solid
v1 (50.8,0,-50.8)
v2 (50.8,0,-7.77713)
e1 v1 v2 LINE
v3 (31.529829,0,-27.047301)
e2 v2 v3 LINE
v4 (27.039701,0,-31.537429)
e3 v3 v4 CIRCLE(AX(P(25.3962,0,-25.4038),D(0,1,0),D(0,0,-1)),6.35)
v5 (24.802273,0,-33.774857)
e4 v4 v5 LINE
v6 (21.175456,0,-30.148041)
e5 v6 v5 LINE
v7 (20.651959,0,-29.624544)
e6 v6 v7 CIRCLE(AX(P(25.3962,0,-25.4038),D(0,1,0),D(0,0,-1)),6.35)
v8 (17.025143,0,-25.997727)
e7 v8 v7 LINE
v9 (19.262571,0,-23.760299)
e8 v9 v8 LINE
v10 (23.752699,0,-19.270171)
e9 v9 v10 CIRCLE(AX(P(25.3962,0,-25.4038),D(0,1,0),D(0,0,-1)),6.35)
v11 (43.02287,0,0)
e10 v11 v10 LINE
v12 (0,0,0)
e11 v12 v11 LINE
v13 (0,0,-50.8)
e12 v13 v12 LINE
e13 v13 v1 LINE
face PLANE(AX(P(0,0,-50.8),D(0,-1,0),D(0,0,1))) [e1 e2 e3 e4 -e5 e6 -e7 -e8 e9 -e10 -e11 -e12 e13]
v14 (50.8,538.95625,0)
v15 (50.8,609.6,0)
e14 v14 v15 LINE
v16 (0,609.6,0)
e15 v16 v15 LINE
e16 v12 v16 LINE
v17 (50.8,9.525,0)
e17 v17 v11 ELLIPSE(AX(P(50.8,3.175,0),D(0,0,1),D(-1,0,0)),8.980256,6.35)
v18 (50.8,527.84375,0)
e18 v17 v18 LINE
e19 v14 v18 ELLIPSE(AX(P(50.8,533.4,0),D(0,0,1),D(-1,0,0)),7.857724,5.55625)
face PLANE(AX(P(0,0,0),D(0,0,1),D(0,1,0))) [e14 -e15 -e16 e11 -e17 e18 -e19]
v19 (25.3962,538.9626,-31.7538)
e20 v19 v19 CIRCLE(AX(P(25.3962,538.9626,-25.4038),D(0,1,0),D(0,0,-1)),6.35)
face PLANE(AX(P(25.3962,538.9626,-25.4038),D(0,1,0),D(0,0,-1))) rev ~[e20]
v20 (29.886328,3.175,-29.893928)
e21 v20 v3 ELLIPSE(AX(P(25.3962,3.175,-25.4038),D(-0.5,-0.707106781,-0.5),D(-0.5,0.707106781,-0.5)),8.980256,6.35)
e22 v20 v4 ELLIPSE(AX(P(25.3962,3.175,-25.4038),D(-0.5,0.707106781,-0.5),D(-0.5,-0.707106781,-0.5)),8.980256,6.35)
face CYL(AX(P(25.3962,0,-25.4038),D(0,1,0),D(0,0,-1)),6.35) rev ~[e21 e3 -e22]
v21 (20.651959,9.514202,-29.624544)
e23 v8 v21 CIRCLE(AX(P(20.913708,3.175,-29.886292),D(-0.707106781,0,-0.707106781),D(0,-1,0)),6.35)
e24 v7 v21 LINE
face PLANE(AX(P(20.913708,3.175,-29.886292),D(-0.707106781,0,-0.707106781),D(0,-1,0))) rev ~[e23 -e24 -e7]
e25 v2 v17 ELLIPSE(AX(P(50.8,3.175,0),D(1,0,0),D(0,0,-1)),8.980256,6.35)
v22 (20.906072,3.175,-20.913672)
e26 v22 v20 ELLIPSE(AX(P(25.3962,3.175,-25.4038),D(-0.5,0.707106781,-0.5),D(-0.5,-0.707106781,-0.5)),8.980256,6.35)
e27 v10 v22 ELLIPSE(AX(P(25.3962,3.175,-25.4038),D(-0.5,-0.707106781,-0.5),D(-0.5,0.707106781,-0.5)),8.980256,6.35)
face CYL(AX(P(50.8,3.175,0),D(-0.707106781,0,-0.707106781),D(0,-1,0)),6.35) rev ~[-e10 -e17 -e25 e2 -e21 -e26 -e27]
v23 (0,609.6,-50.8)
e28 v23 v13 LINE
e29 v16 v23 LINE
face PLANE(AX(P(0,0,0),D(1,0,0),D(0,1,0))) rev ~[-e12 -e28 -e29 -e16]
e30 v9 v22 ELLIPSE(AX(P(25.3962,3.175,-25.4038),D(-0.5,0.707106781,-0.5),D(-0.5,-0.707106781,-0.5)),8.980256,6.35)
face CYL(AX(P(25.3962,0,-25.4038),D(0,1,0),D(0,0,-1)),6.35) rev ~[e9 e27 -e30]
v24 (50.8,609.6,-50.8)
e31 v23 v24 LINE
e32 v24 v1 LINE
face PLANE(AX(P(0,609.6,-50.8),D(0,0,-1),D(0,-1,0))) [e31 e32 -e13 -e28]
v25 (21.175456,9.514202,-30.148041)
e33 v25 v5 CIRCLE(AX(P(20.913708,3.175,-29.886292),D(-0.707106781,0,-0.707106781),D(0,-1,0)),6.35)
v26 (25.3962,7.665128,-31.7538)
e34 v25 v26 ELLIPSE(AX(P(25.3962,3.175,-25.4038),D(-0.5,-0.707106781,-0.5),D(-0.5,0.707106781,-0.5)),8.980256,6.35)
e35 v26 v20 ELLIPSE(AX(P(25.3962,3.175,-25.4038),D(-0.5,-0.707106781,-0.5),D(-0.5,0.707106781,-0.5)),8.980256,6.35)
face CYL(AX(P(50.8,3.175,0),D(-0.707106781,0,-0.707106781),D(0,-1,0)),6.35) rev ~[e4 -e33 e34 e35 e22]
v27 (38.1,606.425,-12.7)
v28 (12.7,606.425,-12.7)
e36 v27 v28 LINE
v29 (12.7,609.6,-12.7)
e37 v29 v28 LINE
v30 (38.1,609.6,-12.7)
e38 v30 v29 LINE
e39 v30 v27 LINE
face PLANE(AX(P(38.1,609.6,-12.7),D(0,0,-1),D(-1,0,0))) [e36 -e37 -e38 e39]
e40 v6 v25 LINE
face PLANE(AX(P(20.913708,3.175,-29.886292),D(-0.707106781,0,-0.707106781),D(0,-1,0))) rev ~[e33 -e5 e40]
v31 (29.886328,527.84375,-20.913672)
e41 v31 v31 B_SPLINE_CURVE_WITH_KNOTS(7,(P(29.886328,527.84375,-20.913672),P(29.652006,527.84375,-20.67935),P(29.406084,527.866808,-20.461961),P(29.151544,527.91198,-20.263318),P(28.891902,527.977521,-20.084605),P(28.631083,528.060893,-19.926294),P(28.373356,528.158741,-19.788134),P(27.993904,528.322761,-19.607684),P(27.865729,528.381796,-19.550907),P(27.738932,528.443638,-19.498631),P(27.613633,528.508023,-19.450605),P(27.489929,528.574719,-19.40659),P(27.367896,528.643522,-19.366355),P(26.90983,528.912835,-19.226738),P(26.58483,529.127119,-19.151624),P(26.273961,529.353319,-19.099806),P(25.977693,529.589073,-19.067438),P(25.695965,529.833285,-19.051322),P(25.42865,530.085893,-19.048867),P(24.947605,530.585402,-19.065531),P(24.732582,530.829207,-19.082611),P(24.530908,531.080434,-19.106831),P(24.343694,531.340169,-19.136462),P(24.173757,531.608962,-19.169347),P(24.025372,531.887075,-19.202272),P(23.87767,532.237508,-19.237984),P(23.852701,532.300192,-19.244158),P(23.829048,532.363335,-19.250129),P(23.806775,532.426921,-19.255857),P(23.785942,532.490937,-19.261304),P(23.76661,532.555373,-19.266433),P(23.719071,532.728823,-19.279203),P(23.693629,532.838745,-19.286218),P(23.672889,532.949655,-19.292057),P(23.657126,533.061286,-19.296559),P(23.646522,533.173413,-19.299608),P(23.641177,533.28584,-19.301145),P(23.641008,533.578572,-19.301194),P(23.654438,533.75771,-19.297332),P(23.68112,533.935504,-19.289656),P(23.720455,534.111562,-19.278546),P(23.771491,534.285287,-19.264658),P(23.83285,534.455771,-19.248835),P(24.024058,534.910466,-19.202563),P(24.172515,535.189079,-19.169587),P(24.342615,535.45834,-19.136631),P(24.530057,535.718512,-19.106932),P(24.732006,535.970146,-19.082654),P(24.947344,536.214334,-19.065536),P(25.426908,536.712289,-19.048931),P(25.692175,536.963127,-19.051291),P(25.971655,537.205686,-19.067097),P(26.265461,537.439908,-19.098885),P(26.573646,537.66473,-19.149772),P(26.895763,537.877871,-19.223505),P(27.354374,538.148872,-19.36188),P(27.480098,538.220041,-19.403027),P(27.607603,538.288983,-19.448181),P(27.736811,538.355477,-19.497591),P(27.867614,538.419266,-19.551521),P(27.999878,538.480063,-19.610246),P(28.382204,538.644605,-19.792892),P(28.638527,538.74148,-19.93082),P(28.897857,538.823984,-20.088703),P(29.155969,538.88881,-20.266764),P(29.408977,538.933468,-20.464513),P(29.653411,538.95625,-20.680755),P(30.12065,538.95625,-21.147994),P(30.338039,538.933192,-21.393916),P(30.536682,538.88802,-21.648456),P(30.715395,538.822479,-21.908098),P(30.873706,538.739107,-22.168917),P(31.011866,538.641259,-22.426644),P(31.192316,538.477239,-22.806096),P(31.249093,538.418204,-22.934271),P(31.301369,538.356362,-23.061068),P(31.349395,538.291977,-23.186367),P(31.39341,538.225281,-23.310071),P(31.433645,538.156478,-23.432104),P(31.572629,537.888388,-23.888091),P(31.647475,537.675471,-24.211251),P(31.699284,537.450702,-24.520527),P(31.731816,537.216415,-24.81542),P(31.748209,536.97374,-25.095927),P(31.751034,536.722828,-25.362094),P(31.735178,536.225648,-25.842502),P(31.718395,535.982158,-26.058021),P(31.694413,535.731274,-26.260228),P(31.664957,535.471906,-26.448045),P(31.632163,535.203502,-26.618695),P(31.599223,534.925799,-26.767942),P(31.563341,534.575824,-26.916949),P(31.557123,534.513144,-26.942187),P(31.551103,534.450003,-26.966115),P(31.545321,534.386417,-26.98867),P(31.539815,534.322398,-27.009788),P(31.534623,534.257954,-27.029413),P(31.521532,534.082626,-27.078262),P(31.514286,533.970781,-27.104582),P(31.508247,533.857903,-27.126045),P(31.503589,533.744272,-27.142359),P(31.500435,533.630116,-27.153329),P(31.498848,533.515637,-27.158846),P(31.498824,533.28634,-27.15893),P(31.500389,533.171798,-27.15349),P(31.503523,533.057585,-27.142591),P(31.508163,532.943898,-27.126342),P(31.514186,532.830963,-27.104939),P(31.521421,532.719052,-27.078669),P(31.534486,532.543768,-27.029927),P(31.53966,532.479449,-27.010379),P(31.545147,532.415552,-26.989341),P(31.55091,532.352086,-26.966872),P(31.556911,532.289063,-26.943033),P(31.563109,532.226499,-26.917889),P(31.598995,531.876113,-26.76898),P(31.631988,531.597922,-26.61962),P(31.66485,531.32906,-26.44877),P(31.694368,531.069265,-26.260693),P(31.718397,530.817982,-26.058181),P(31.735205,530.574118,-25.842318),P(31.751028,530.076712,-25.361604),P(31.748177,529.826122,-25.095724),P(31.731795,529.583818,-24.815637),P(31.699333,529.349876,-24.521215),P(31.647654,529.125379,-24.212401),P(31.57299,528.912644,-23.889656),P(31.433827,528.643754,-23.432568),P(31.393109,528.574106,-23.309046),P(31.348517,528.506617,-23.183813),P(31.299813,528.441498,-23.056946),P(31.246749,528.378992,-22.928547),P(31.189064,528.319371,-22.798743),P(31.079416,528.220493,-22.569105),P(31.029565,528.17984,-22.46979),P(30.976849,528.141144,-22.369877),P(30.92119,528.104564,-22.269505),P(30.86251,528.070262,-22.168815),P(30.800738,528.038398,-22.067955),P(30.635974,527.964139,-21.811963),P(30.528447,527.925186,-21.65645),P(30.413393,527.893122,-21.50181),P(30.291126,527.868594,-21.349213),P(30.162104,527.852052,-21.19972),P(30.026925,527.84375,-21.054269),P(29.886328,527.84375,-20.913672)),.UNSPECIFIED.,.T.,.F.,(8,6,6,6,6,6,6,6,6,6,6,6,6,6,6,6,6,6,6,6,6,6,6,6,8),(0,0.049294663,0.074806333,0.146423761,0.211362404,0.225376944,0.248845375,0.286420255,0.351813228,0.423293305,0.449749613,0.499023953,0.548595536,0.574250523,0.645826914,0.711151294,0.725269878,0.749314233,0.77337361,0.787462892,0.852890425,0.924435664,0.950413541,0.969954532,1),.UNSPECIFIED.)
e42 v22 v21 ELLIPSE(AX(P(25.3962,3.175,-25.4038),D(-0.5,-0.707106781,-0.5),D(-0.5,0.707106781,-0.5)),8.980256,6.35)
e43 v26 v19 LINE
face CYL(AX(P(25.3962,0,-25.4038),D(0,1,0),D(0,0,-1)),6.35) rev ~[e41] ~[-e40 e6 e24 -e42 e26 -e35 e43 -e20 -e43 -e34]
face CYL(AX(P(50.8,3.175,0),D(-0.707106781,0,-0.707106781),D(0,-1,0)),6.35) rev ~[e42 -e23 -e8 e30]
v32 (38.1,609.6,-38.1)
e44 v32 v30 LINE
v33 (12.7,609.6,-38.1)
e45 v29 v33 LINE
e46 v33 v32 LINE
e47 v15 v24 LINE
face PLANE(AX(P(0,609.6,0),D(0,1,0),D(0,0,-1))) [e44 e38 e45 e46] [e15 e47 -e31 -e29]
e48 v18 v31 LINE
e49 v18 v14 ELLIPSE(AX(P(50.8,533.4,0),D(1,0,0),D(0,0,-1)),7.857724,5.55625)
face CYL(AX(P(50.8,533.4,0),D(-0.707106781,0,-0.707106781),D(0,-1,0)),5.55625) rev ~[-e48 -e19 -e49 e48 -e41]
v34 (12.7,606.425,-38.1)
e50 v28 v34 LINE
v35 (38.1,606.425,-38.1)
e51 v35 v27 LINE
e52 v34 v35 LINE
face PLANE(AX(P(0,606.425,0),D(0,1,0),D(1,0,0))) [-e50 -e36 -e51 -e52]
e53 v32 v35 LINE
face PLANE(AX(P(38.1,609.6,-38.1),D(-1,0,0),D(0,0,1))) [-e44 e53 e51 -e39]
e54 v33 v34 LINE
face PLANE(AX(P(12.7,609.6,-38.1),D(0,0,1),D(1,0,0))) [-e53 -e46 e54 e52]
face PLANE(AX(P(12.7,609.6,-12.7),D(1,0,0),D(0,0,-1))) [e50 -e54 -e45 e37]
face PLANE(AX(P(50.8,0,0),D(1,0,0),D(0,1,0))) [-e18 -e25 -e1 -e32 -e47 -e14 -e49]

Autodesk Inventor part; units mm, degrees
ref_plane "YZ Plane" through (0, 0, 0) normal (1, 0, 0) x (0, 1, 0)
ref_plane "XZ Plane" through (0, 0, 0) normal (0, 1, 0) x (-1, 0, 0)
sketch "Sketch1" plane through (0, 0, 0) normal (1, 0, 0) x (0, 1, 0)
  line L0 (0, 0) -> (609.6, 0)
  line L1 (609.6, 0) -> (609.6, -50.8)
  line L2 (609.6, -50.8) -> (0, -50.8)
  line L3 (0, -50.8) -> (0, 0)
  dimension "d0" = 609.6
  dimension "d1" = 50.8
extrude "Extrusion1" add sketch "Sketch1" along normal blind 50.8
ref_plane "Work Plane2" through (50.8, 0, 0) normal (0.7071, 0, 0.7071) x (0, -1, 0)
sketch "Sketch4" plane through (50.8, 0, 0) normal (0.7071, 0, 0.7071) x (0, -1, 0)
  line L0 (-609.6, 0) -> (-533.4, 0)
  line L1 (0, 0) -> (-3.175, 0)
  point P0 (0, -35.921)
  dimension "d8" = 76.2
  dimension "d16" = 3.175
hole "Hole1" at (50.8, 533.4, 0) direction (-0.7071, 0, -0.7071) diameter 11.1125 depth 35.9156
sketch "Sketch6" plane through (50.8, 0, 0) normal (0.7071, 0, 0.7071) x (0, -1, 0)
  line L0 (0, -35.921) -> (0, 0) projected
  line L1 (0, 0) -> (-3.175, 0)
  line L2 (-609.6, 0) -> (0, 0) projected
  dimension "d17" = 3.175
hole "Hole2" at (50.8, 3.175, 0) direction (-0.7071, 0, -0.7071) diameter 12.7 depth 42.2656
sketch "Sketch10" plane through (0, 0, -50.8) normal (0, -1, 0) x (1, 0, 0)
  line L0 (0, 0) -> (25.3962, 25.3962)
  line L1 (0, 0) -> (50.8, 0) projected
  point P0 (0, 50.8)
  point P1 (50.8, 50.8)
  dimension "d34" = 35.9156
  dimension "d35" = 45
hole "Hole4" at (25.3962, 0, -25.4038) direction (0, 1, 0) diameter 12.7 depth 538.9626
sketch "Sketch11" plane through (0, 609.6, 0) normal (0, 1, 0) x (1, 0, 0)
  line L0 (12.7, 38.1) -> (38.1, 38.1)
  line L1 (38.1, 38.1) -> (38.1, 12.7)
  line L2 (38.1, 12.7) -> (12.7, 12.7)
  line L3 (12.7, 12.7) -> (12.7, 38.1)
  line L4 (0, 50.8) -> (0, 0) projected
  line L5 (0, 50.8) -> (50.8, 50.8) projected
  dimension "d43" = 25.4
  dimension "d44" = 25.4
  dimension "d45" = 12.7
  dimension "d46" = 12.7
extrude "Extrusion2" cut sketch "Sketch11" against normal blind 3.175
properties part number "LegOutlet" material "Wood (Birch)"
